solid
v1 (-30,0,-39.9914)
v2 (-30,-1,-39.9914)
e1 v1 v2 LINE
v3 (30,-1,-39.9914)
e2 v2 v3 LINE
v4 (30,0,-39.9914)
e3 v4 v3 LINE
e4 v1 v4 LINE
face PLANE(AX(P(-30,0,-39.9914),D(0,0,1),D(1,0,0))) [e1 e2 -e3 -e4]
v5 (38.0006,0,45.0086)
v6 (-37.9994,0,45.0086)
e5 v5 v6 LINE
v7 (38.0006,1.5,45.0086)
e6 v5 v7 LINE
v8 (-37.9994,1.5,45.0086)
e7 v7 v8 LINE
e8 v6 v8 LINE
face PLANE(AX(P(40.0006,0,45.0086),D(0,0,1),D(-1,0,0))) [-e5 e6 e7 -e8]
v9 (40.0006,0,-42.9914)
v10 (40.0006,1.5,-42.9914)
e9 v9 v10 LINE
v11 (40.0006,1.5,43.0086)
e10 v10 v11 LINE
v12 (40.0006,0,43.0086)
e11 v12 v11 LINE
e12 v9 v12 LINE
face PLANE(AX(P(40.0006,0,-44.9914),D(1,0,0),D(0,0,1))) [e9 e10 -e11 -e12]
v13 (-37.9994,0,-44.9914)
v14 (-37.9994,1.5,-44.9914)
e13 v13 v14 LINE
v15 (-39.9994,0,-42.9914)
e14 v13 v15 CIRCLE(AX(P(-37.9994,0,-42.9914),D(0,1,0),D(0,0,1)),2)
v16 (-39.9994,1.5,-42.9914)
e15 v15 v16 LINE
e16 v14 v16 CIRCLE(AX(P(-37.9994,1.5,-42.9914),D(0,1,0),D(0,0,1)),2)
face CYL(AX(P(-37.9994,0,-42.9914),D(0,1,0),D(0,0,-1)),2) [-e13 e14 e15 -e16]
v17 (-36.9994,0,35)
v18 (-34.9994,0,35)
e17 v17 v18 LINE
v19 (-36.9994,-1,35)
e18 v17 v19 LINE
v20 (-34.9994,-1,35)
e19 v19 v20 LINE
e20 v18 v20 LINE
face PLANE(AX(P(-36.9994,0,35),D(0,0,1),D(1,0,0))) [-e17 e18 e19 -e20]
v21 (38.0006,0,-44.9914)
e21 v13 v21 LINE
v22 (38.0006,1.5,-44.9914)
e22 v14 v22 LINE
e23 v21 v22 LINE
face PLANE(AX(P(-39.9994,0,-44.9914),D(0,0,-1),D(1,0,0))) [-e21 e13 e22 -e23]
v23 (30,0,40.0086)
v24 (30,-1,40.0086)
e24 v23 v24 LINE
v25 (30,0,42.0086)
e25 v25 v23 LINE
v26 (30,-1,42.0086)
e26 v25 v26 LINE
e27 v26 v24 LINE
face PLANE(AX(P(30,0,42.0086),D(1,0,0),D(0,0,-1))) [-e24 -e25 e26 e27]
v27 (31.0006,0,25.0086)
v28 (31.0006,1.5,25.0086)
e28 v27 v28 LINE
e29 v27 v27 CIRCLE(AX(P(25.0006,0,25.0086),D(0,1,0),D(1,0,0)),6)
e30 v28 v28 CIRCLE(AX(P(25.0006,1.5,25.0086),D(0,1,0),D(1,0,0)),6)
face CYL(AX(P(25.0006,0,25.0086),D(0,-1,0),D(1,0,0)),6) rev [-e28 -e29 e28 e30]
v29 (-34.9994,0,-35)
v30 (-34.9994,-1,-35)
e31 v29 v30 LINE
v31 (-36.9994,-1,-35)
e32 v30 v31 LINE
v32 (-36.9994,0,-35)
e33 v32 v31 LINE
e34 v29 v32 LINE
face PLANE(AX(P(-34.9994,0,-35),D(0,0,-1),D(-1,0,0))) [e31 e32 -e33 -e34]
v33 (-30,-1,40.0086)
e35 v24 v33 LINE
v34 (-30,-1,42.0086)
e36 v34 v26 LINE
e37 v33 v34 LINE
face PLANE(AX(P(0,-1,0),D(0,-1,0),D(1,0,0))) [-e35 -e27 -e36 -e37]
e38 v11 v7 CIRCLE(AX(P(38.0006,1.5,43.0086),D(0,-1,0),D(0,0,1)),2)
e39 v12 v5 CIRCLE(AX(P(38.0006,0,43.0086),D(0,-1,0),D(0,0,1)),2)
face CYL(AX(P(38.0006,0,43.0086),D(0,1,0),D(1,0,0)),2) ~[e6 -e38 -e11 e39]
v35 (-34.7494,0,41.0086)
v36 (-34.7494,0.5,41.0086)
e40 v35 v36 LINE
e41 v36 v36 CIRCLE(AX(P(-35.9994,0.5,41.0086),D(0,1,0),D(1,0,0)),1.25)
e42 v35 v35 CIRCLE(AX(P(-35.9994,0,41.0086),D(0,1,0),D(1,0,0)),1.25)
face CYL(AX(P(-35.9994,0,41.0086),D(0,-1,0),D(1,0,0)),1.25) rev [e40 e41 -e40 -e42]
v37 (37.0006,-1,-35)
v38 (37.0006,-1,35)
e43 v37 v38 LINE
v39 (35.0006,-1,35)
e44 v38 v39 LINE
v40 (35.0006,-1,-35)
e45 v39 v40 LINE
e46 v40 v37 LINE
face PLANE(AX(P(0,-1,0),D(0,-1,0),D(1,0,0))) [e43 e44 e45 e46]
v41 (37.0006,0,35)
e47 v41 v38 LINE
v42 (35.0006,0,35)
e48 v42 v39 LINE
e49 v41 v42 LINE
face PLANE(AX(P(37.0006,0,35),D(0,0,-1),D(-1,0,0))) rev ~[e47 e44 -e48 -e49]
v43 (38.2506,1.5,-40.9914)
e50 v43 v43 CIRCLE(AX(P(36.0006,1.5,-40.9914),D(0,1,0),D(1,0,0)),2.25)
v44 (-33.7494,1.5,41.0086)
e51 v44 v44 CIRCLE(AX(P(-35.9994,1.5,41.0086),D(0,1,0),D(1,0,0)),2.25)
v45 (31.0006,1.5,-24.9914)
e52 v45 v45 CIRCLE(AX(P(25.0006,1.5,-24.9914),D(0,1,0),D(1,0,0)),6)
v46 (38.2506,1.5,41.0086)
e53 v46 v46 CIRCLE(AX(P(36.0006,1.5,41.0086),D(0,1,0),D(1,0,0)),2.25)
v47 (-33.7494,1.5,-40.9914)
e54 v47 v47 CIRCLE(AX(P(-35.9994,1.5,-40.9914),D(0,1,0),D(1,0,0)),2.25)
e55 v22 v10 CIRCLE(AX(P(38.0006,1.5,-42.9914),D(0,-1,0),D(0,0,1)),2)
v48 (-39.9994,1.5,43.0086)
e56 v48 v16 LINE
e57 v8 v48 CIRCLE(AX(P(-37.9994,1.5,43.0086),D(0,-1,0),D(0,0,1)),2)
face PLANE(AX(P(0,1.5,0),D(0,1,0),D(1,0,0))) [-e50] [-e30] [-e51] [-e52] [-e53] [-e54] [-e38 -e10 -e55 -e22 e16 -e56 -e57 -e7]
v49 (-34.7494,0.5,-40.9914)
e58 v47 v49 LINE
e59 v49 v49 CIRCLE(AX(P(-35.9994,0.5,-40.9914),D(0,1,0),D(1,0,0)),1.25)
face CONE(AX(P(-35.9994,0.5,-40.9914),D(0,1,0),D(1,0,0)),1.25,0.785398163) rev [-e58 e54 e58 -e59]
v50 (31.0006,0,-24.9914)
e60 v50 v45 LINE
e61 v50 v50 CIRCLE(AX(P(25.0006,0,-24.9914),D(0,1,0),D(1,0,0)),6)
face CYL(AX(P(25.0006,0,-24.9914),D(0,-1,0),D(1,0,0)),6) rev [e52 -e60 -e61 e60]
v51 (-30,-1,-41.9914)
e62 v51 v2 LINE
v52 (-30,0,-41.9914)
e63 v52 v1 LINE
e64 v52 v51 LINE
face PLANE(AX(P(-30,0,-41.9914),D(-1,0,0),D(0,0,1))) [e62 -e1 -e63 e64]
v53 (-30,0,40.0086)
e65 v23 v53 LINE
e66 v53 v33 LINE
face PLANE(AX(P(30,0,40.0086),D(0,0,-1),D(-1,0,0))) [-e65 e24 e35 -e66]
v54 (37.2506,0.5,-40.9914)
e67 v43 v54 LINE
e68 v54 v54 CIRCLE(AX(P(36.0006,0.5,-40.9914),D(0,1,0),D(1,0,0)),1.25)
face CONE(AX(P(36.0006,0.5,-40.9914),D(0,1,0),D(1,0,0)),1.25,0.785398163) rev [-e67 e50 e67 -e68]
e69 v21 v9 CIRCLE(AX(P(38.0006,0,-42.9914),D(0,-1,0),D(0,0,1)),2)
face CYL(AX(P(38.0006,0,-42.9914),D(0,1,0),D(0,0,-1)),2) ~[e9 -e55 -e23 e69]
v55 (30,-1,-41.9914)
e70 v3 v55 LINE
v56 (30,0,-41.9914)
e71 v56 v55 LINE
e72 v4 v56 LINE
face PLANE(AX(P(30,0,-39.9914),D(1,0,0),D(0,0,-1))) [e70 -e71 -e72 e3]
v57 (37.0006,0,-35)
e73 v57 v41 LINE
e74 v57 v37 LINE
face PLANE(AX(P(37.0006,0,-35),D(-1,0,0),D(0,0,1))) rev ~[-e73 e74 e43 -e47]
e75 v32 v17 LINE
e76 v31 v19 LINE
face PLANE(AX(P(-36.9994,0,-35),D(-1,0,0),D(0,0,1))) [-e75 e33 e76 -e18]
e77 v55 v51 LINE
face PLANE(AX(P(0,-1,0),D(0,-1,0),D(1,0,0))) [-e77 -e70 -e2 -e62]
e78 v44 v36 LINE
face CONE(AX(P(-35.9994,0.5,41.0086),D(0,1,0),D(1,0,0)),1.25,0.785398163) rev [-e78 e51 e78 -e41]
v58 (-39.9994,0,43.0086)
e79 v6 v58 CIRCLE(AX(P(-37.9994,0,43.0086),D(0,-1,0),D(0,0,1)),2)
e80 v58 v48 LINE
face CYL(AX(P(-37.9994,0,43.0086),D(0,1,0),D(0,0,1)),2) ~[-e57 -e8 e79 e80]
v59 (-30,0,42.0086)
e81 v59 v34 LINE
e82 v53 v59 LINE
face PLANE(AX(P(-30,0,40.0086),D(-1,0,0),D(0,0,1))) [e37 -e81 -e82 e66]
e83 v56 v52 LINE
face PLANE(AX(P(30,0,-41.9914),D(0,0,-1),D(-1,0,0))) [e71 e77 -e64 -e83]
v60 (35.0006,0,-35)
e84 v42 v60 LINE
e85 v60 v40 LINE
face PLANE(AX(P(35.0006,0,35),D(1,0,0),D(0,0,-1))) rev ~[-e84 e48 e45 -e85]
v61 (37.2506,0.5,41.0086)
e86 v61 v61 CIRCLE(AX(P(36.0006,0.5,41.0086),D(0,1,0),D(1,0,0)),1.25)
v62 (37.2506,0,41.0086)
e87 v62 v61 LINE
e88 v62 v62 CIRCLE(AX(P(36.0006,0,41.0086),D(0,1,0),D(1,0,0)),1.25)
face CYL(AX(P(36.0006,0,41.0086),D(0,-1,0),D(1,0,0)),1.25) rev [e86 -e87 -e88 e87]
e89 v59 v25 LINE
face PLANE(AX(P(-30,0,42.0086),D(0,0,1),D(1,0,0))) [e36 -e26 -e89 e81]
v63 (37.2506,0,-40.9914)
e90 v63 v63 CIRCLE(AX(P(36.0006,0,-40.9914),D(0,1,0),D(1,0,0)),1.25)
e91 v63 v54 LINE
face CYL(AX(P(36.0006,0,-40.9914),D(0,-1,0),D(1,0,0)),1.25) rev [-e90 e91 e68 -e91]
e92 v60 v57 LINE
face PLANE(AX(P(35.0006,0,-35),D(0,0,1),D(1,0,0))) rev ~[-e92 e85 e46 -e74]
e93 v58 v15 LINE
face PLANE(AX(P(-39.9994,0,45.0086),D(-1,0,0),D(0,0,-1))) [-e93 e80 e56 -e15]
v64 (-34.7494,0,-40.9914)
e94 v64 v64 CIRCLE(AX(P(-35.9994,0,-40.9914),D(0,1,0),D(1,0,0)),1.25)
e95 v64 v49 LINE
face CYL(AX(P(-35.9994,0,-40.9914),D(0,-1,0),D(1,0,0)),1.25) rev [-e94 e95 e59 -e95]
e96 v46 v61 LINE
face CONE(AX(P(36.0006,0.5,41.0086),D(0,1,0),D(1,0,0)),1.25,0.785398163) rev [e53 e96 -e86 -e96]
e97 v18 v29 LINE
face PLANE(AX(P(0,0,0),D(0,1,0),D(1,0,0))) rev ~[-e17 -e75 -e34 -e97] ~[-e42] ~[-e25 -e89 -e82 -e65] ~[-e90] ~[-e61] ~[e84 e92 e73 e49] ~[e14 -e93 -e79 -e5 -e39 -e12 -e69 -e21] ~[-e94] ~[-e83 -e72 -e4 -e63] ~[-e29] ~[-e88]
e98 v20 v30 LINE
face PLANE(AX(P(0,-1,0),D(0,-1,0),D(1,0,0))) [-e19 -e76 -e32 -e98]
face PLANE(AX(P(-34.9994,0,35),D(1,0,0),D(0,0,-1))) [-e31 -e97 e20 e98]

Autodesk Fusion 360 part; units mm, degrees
sketch "Skizze1" plane through (0, 0, 0) normal (0, 1, 0) x (1, 0, 0)
  line L0 (-39.9994, 44.9914) -> (40.0006, 44.9914)
  line L1 (40.0006, 44.9914) -> (40.0006, -45.0086)
  line L2 (40.0006, -45.0086) -> (-39.9994, -45.0086)
  line L3 (-39.9994, -45.0086) -> (-39.9994, 44.9914)
  circle A0 centre (-35.9994, 40.9914) radius 1.25
  circle A1 centre (36.0006, 40.9914) radius 1.25
  circle A2 centre (36.0006, -41.0086) radius 1.25
  circle A3 centre (-35.9994, -41.0086) radius 1.25
  circle A4 centre (25.0006, 24.9914) radius 6
  circle A5 centre (25.0006, -25.0086) radius 6
  dimension "d1" = 80
  dimension "d2" = 90
  dimension "d3" = 2.5
  dimension "d4" = 4
  dimension "d5" = 4
  dimension "d6" = 2.5
  dimension "d7" = 4
  dimension "d8" = 4
  dimension "d9" = 2.5
  dimension "d10" = 4
  dimension "d11" = 4
  dimension "d12" = 2.5
  dimension "d13" = 4
  dimension "d14" = 4
  dimension "d39" = 12
  dimension "d40" = 12
  dimension "d41" = 15
  dimension "d42" = 20
  dimension "d43" = 15
  dimension "d44" = 20
extrude "Extrusion1" add sketch "Skizze1" along normal blind 1.5
fillet "Abrundung1" radius 2 1 edges at (-39.9994, 0.75, 45.0086)
fillet "Abrundung1" radius 2 1 edges at (40.0006, 0.75, 45.0086)
fillet "Abrundung1" radius 2 1 edges at (-39.9994, 0.75, -44.9914)
fillet "Abrundung1" radius 2 1 edges at (40.0006, 0.75, -44.9914)
chamfer "Fase1" distance 1 angle 45 1 edges at (-37.1648, 1.5, -41.4434)
chamfer "Fase1" distance 1 angle 45 1 edges at (34.8352, 1.5, -41.4434)
chamfer "Fase1" distance 1 angle 45 1 edges at (-37.1648, 1.5, 40.5566)
chamfer "Fase1" distance 1 angle 45 1 edges at (34.8352, 1.5, 40.5566)
sketch "Skizze3" plane through (0, 0, 0) normal (0, -1, 0) x (1, 0, 0)
  arc A0 (38.0006, -44.9914) -> (40.0006, -42.9914) centre (38.0006, -42.9914) ccw
  line L0 (40.0006, -42.9914) -> (40.0006, 43.0086)
  arc A1 (40.0006, 43.0086) -> (38.0006, 45.0086) centre (38.0006, 43.0086) ccw
  line L1 (38.0006, 45.0086) -> (-37.9994, 45.0086)
  arc A2 (-37.9994, 45.0086) -> (-39.9994, 43.0086) centre (-37.9994, 43.0086) ccw
  line L2 (-39.9994, 43.0086) -> (-39.9994, -42.9914)
  arc A3 (-39.9994, -42.9914) -> (-37.9994, -44.9914) centre (-37.9994, -42.9914) ccw
  line L3 (-37.9994, -44.9914) -> (38.0006, -44.9914)
  circle A4 centre (-35.9994, -40.9914) radius 1.25
  circle A5 centre (36.0006, 41.0086) radius 1.25
  circle A6 centre (36.0006, -40.9914) radius 1.25
  circle A7 centre (-35.9994, 41.0086) radius 1.25
  line L4 (-36.9994, 35) -> (-34.9994, 35)
  line L5 (-34.9994, 35) -> (-34.9994, -35)
  line L6 (-34.9994, -35) -> (-36.9994, -35)
  line L7 (-36.9994, -35) -> (-36.9994, 35)
  line L8 (-30, 42.0086) -> (30, 42.0086)
  line L9 (30, 42.0086) -> (30, 40.0086)
  line L10 (30, 40.0086) -> (-30, 40.0086)
  line L11 (-30, 40.0086) -> (-30, 42.0086)
  line L12 (37.0006, 35) -> (35.0006, 35)
  line L13 (35.0006, 35) -> (35.0006, -35)
  line L14 (35.0006, -35) -> (37.0006, -35)
  line L15 (37.0006, -35) -> (37.0006, 35)
  line L16 (30, -41.9914) -> (-30, -41.9914)
  line L17 (-30, -41.9914) -> (-30, -39.9914)
  line L18 (-30, -39.9914) -> (30, -39.9914)
  line L19 (30, -39.9914) -> (30, -41.9914)
  circle A8 centre (25.0006, -24.9914) radius 6
  circle A9 centre (25.0006, 25.0086) radius 6
  dimension "d29" = 2
  dimension "d30" = 2
  dimension "d31" = 2
  dimension "d32" = 2
  dimension "d33" = 3
  dimension "d34" = 3
  dimension "d35" = 3
  dimension "d36" = 3
extrude "Extrusion2" add sketch "Skizze3" along normal blind 1 contours L4 L5 L6 L7 | L8 L9 L10 L11 | L12 L13 L14 L15 | L16 L17 L18 L19
